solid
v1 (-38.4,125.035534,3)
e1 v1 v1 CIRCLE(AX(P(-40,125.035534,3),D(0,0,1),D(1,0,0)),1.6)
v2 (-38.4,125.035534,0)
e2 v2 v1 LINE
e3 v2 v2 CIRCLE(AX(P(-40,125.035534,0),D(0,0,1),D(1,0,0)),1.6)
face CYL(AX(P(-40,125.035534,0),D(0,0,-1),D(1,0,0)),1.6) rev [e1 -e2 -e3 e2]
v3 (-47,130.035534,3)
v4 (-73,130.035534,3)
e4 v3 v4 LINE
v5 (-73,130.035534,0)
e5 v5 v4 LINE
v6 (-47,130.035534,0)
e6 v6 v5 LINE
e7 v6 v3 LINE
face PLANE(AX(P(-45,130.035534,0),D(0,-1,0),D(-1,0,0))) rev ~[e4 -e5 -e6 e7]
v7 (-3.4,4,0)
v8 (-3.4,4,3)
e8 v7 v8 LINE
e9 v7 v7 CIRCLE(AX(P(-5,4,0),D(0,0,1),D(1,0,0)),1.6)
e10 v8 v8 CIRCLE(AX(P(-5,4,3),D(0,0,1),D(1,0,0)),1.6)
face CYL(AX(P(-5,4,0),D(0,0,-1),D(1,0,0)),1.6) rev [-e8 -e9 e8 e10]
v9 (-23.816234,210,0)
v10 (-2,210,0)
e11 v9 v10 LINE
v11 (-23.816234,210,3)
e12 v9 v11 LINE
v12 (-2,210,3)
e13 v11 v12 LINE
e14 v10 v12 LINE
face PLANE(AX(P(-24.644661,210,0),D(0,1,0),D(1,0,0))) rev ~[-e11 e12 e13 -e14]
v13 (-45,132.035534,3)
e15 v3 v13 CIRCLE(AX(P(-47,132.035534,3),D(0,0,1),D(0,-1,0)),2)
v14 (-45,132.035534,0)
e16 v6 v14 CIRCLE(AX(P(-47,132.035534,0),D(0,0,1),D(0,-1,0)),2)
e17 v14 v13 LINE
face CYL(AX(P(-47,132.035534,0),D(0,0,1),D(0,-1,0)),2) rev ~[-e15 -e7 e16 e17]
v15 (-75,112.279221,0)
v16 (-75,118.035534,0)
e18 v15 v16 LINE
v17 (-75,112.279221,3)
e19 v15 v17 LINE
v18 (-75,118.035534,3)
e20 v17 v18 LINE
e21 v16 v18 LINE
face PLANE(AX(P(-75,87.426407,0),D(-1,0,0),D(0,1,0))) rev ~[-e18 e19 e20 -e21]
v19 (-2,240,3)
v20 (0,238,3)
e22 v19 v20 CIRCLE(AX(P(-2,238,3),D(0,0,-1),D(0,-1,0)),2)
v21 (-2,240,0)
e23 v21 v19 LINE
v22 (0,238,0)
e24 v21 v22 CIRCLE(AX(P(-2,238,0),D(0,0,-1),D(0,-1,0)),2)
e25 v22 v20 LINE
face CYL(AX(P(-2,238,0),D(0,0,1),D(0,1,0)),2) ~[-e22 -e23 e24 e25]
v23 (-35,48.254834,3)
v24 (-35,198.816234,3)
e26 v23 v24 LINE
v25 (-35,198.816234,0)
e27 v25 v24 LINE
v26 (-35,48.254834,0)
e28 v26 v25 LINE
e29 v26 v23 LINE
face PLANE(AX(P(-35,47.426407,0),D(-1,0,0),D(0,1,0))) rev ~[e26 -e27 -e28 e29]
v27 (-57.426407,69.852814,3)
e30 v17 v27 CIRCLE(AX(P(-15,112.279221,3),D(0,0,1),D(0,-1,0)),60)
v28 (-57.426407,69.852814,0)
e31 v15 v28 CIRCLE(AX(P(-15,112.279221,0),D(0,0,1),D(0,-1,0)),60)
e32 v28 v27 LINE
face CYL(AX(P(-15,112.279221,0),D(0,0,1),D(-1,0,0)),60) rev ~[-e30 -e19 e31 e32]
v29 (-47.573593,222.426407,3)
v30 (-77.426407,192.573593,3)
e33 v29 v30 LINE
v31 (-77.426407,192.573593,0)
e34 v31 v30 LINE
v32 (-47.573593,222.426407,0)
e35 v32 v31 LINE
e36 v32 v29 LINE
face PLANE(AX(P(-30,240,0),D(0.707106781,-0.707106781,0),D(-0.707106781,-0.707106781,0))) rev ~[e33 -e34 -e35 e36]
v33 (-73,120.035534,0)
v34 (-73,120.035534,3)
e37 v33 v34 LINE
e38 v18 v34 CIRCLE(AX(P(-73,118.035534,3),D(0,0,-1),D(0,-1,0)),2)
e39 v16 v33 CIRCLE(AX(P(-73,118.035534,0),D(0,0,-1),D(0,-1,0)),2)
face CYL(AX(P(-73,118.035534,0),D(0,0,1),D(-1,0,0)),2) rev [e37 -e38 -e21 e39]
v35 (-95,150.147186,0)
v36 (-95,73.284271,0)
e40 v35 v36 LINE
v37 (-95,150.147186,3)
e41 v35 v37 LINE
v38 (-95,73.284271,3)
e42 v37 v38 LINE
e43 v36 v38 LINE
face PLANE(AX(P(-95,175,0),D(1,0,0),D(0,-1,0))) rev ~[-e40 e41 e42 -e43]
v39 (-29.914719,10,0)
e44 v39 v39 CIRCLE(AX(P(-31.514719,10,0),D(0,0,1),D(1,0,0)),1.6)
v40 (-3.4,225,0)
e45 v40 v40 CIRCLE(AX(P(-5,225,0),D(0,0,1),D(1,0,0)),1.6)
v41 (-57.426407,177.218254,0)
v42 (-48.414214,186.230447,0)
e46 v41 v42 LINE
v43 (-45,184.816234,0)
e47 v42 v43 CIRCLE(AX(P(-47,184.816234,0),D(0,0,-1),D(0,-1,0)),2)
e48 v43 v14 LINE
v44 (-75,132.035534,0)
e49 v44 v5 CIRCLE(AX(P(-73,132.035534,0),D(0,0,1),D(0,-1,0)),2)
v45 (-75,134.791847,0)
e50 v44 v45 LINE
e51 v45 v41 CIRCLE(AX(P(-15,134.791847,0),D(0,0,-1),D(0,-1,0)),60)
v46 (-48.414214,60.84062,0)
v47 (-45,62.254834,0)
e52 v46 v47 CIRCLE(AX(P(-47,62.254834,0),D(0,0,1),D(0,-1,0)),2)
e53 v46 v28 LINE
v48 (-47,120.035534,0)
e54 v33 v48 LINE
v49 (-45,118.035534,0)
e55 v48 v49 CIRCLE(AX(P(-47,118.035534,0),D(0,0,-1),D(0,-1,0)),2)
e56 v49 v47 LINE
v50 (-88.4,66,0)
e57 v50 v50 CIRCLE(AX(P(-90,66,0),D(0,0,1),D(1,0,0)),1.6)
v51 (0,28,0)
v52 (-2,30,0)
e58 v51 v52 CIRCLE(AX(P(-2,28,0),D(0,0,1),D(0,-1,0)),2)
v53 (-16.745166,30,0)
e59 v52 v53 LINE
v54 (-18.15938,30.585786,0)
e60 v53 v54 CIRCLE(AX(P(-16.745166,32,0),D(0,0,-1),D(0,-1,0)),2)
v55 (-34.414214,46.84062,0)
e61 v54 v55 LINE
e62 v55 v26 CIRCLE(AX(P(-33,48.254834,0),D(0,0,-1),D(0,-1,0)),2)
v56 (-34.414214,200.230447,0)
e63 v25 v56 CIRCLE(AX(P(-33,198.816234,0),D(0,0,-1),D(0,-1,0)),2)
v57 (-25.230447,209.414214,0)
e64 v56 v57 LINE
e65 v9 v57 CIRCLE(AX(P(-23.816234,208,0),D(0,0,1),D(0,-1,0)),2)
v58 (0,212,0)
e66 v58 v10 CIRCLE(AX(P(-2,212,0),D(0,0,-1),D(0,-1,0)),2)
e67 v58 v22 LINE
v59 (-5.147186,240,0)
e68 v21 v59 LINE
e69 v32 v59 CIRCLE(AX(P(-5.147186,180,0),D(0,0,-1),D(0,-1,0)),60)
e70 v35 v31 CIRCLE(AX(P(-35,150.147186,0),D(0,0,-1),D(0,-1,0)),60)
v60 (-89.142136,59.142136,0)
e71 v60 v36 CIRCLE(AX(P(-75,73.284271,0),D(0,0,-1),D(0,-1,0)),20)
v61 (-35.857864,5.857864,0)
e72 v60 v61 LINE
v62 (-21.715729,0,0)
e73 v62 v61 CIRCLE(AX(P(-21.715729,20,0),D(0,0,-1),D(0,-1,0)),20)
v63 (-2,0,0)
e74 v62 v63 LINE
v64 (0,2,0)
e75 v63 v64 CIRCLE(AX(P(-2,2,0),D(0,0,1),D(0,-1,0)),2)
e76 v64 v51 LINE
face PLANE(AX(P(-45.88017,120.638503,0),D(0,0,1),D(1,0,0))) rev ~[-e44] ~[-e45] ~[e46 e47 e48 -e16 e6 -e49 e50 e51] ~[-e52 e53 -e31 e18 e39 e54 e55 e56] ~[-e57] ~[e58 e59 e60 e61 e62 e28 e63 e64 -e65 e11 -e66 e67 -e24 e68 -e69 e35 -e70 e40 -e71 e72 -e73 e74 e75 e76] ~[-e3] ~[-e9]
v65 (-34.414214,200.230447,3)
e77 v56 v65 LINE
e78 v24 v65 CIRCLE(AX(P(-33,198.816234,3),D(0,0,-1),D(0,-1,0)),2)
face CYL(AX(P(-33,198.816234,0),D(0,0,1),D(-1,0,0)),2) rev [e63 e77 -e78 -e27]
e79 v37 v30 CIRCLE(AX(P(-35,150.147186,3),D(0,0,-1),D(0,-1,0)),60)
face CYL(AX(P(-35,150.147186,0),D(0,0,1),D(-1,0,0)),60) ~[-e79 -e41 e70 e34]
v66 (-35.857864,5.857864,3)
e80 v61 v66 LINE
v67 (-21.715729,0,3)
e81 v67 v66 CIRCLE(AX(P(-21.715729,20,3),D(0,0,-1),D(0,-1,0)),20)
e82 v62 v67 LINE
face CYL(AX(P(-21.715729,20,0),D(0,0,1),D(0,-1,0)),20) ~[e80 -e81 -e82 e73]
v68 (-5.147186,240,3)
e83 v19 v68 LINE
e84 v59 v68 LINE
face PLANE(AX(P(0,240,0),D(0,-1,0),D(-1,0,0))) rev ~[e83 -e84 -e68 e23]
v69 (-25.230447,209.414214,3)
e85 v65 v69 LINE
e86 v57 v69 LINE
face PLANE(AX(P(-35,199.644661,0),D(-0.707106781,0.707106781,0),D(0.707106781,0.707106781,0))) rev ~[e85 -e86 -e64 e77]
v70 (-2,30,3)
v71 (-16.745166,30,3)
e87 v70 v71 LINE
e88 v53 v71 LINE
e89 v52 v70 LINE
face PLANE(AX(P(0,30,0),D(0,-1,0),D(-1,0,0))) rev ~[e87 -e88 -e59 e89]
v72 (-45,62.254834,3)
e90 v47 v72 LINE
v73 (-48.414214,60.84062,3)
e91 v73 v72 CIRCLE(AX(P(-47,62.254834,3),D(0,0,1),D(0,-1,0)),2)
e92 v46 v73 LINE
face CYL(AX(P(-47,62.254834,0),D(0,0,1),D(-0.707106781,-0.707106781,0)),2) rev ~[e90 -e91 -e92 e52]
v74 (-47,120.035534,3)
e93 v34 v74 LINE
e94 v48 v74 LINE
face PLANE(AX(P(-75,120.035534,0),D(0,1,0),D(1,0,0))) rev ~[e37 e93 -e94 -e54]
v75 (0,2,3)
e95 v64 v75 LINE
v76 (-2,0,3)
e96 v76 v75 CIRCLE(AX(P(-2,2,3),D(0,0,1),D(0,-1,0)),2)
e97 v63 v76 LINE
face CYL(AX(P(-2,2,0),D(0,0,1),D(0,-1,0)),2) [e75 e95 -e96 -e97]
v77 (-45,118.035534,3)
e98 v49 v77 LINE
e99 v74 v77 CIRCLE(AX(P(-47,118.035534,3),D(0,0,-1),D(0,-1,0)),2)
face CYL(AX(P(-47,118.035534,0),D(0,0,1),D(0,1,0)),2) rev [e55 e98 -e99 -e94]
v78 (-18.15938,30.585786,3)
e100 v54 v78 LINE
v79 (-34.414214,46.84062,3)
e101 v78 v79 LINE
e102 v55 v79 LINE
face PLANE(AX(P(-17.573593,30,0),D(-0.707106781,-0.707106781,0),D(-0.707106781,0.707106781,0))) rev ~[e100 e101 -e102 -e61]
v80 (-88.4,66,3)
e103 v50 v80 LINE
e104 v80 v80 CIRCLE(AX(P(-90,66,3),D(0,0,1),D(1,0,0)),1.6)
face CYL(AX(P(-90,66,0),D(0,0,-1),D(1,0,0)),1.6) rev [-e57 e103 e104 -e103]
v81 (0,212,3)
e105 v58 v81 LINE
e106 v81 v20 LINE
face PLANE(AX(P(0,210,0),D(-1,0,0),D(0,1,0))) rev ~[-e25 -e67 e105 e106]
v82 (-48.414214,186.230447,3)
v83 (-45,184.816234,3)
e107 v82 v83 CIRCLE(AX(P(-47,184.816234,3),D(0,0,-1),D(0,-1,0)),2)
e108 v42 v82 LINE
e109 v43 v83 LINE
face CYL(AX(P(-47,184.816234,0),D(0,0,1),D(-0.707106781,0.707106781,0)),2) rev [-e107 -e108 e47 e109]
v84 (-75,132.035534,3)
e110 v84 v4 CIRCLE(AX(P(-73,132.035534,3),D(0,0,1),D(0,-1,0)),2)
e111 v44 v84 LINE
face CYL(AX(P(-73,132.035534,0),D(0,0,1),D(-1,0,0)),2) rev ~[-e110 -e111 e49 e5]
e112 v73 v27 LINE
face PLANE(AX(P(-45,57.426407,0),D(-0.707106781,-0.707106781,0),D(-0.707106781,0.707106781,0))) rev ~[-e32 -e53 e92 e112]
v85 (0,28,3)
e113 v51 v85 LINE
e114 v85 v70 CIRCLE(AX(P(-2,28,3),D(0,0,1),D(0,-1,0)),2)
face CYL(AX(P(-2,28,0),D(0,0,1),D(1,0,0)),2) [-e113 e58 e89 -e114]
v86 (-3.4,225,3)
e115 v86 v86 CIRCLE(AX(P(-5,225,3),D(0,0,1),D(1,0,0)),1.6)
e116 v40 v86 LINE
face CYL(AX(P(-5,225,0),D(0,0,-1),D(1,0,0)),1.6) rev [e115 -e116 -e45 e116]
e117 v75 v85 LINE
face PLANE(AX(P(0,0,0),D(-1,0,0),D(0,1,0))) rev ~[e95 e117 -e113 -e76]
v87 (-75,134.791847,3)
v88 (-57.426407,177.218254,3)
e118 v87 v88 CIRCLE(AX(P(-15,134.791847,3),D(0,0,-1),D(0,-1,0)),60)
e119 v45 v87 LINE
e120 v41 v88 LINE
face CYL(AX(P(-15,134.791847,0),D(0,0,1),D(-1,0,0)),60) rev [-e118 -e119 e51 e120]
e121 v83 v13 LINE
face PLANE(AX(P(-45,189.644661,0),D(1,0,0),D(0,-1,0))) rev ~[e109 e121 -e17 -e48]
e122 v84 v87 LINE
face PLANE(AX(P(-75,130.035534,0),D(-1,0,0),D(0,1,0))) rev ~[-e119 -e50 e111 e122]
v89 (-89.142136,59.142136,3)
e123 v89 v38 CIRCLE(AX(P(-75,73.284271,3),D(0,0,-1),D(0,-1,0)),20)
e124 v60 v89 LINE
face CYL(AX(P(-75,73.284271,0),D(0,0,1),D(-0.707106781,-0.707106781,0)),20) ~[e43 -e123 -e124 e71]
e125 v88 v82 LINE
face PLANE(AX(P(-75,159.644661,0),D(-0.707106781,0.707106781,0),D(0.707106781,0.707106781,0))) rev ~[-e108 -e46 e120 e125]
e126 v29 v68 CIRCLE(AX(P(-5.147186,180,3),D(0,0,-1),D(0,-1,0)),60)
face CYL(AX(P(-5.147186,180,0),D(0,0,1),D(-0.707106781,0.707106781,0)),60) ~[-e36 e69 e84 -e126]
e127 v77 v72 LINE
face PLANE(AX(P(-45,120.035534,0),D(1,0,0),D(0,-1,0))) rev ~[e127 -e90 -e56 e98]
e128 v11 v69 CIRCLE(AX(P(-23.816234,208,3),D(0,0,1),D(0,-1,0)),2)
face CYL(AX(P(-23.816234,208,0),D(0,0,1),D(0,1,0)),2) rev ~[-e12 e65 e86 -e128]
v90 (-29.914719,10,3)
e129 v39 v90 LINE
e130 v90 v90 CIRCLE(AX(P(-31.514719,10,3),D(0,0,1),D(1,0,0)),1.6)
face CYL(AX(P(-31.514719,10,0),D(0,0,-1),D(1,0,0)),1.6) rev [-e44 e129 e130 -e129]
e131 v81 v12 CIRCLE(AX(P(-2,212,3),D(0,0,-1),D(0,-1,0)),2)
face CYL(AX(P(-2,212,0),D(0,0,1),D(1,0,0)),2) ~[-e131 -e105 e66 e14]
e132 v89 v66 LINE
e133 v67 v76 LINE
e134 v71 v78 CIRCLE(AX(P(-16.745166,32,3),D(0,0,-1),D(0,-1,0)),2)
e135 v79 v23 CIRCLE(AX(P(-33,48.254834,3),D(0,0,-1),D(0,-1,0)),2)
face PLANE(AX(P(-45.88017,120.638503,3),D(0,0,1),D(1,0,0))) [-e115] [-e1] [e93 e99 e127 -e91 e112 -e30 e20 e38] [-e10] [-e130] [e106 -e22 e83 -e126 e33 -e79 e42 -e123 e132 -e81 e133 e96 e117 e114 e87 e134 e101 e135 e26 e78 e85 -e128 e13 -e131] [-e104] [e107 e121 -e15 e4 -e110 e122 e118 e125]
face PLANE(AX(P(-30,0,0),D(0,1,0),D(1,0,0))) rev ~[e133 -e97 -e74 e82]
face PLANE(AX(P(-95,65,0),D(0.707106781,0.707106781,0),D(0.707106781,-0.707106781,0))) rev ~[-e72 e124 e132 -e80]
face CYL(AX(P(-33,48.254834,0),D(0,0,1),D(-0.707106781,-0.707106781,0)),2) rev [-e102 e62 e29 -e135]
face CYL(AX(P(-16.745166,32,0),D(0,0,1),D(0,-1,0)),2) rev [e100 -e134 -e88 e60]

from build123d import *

# Parameters (mm, degrees)
SKETCH_1_R      = 1.6
EXTRUDE_1_DEPTH = 3
FILLET_1_R      = 60
FILLET_2_R      = 2
FILLET_3_R      = 20
FILLET_4_R      = 2


with BuildPart() as part:
    # ｽｹｯﾁ1 → ﾎﾞｽ - 押し出し1 (new body)
    with BuildSketch(Plane.XY):
        Polygon((-30, 0), (0, 0), (0, 30), (-17.573593129, 30), (-35, 47.426406871), (-35, 199.644660941), (-24.644660941, 210), (0, 210), (0, 240), (-30, 240), (-95, 175), (-95, 65), align=None)
        Polygon((-75, 159.644660941), (-45, 189.644660941), (-45, 130.035533906), (-75, 130.035533906), align=None, mode=Mode.SUBTRACT)
        Polygon((-45, 120.035533906), (-45, 57.426406871), (-75, 87.426406871), (-75, 120.035533906), align=None, mode=Mode.SUBTRACT)
        with Locations((-90, 66)):
            Circle(SKETCH_1_R, mode=Mode.SUBTRACT)
        with Locations((-31.514718626, 10)):
            Circle(SKETCH_1_R, mode=Mode.SUBTRACT)
        with Locations((-5, 4)):
            Circle(SKETCH_1_R, mode=Mode.SUBTRACT)
        with Locations((-5, 225)):
            Circle(SKETCH_1_R, mode=Mode.SUBTRACT)
        with Locations((-40, 125.035533906)):
            Circle(SKETCH_1_R, mode=Mode.SUBTRACT)
    extrude(amount=EXTRUDE_1_DEPTH)

    # ﾌｨﾚｯﾄ1
    fillet_1_edges = [part.edges().sort_by_distance(p)[0] for p in [
        (-75, 159.644660941, 1.5),
        (-95, 175, 1.5),
        (-30, 240, 1.5),
        (-75, 87.426406871, 1.5),
    ]]
    fillet(fillet_1_edges, radius=FILLET_1_R)

    # ﾌｨﾚｯﾄ2
    fillet_2_edges = [part.edges().sort_by_distance(p)[0] for p in [
        (-17.573593129, 30, 1.5),
        (0, 30, 1.5),
        (0, 0, 1.5),
        (0, 240, 1.5),
        (0, 210, 1.5),
        (-24.644660941, 210, 1.5),
        (-35, 199.644660941, 1.5),
        (-35, 47.426406871, 1.5),
    ]]
    fillet(fillet_2_edges, radius=FILLET_2_R)

    # ﾌｨﾚｯﾄ3
    fillet_3_edges = [part.edges().sort_by_distance(p)[0] for p in [
        (-30, 0, 1.5),
        (-95, 65, 1.5),
    ]]
    fillet(fillet_3_edges, radius=FILLET_3_R)

    # ﾌｨﾚｯﾄ4
    fillet_4_edges = [part.edges().sort_by_distance(p)[0] for p in [
        (-45, 189.644660941, 1.5),
        (-75, 130.035533906, 1.5),
        (-45, 130.035533906, 1.5),
        (-75, 120.035533906, 1.5),
        (-45, 57.426406871, 1.5),
        (-45, 120.035533906, 1.5),
    ]]
    fillet(fillet_4_edges, radius=FILLET_4_R)


solid = part.part
